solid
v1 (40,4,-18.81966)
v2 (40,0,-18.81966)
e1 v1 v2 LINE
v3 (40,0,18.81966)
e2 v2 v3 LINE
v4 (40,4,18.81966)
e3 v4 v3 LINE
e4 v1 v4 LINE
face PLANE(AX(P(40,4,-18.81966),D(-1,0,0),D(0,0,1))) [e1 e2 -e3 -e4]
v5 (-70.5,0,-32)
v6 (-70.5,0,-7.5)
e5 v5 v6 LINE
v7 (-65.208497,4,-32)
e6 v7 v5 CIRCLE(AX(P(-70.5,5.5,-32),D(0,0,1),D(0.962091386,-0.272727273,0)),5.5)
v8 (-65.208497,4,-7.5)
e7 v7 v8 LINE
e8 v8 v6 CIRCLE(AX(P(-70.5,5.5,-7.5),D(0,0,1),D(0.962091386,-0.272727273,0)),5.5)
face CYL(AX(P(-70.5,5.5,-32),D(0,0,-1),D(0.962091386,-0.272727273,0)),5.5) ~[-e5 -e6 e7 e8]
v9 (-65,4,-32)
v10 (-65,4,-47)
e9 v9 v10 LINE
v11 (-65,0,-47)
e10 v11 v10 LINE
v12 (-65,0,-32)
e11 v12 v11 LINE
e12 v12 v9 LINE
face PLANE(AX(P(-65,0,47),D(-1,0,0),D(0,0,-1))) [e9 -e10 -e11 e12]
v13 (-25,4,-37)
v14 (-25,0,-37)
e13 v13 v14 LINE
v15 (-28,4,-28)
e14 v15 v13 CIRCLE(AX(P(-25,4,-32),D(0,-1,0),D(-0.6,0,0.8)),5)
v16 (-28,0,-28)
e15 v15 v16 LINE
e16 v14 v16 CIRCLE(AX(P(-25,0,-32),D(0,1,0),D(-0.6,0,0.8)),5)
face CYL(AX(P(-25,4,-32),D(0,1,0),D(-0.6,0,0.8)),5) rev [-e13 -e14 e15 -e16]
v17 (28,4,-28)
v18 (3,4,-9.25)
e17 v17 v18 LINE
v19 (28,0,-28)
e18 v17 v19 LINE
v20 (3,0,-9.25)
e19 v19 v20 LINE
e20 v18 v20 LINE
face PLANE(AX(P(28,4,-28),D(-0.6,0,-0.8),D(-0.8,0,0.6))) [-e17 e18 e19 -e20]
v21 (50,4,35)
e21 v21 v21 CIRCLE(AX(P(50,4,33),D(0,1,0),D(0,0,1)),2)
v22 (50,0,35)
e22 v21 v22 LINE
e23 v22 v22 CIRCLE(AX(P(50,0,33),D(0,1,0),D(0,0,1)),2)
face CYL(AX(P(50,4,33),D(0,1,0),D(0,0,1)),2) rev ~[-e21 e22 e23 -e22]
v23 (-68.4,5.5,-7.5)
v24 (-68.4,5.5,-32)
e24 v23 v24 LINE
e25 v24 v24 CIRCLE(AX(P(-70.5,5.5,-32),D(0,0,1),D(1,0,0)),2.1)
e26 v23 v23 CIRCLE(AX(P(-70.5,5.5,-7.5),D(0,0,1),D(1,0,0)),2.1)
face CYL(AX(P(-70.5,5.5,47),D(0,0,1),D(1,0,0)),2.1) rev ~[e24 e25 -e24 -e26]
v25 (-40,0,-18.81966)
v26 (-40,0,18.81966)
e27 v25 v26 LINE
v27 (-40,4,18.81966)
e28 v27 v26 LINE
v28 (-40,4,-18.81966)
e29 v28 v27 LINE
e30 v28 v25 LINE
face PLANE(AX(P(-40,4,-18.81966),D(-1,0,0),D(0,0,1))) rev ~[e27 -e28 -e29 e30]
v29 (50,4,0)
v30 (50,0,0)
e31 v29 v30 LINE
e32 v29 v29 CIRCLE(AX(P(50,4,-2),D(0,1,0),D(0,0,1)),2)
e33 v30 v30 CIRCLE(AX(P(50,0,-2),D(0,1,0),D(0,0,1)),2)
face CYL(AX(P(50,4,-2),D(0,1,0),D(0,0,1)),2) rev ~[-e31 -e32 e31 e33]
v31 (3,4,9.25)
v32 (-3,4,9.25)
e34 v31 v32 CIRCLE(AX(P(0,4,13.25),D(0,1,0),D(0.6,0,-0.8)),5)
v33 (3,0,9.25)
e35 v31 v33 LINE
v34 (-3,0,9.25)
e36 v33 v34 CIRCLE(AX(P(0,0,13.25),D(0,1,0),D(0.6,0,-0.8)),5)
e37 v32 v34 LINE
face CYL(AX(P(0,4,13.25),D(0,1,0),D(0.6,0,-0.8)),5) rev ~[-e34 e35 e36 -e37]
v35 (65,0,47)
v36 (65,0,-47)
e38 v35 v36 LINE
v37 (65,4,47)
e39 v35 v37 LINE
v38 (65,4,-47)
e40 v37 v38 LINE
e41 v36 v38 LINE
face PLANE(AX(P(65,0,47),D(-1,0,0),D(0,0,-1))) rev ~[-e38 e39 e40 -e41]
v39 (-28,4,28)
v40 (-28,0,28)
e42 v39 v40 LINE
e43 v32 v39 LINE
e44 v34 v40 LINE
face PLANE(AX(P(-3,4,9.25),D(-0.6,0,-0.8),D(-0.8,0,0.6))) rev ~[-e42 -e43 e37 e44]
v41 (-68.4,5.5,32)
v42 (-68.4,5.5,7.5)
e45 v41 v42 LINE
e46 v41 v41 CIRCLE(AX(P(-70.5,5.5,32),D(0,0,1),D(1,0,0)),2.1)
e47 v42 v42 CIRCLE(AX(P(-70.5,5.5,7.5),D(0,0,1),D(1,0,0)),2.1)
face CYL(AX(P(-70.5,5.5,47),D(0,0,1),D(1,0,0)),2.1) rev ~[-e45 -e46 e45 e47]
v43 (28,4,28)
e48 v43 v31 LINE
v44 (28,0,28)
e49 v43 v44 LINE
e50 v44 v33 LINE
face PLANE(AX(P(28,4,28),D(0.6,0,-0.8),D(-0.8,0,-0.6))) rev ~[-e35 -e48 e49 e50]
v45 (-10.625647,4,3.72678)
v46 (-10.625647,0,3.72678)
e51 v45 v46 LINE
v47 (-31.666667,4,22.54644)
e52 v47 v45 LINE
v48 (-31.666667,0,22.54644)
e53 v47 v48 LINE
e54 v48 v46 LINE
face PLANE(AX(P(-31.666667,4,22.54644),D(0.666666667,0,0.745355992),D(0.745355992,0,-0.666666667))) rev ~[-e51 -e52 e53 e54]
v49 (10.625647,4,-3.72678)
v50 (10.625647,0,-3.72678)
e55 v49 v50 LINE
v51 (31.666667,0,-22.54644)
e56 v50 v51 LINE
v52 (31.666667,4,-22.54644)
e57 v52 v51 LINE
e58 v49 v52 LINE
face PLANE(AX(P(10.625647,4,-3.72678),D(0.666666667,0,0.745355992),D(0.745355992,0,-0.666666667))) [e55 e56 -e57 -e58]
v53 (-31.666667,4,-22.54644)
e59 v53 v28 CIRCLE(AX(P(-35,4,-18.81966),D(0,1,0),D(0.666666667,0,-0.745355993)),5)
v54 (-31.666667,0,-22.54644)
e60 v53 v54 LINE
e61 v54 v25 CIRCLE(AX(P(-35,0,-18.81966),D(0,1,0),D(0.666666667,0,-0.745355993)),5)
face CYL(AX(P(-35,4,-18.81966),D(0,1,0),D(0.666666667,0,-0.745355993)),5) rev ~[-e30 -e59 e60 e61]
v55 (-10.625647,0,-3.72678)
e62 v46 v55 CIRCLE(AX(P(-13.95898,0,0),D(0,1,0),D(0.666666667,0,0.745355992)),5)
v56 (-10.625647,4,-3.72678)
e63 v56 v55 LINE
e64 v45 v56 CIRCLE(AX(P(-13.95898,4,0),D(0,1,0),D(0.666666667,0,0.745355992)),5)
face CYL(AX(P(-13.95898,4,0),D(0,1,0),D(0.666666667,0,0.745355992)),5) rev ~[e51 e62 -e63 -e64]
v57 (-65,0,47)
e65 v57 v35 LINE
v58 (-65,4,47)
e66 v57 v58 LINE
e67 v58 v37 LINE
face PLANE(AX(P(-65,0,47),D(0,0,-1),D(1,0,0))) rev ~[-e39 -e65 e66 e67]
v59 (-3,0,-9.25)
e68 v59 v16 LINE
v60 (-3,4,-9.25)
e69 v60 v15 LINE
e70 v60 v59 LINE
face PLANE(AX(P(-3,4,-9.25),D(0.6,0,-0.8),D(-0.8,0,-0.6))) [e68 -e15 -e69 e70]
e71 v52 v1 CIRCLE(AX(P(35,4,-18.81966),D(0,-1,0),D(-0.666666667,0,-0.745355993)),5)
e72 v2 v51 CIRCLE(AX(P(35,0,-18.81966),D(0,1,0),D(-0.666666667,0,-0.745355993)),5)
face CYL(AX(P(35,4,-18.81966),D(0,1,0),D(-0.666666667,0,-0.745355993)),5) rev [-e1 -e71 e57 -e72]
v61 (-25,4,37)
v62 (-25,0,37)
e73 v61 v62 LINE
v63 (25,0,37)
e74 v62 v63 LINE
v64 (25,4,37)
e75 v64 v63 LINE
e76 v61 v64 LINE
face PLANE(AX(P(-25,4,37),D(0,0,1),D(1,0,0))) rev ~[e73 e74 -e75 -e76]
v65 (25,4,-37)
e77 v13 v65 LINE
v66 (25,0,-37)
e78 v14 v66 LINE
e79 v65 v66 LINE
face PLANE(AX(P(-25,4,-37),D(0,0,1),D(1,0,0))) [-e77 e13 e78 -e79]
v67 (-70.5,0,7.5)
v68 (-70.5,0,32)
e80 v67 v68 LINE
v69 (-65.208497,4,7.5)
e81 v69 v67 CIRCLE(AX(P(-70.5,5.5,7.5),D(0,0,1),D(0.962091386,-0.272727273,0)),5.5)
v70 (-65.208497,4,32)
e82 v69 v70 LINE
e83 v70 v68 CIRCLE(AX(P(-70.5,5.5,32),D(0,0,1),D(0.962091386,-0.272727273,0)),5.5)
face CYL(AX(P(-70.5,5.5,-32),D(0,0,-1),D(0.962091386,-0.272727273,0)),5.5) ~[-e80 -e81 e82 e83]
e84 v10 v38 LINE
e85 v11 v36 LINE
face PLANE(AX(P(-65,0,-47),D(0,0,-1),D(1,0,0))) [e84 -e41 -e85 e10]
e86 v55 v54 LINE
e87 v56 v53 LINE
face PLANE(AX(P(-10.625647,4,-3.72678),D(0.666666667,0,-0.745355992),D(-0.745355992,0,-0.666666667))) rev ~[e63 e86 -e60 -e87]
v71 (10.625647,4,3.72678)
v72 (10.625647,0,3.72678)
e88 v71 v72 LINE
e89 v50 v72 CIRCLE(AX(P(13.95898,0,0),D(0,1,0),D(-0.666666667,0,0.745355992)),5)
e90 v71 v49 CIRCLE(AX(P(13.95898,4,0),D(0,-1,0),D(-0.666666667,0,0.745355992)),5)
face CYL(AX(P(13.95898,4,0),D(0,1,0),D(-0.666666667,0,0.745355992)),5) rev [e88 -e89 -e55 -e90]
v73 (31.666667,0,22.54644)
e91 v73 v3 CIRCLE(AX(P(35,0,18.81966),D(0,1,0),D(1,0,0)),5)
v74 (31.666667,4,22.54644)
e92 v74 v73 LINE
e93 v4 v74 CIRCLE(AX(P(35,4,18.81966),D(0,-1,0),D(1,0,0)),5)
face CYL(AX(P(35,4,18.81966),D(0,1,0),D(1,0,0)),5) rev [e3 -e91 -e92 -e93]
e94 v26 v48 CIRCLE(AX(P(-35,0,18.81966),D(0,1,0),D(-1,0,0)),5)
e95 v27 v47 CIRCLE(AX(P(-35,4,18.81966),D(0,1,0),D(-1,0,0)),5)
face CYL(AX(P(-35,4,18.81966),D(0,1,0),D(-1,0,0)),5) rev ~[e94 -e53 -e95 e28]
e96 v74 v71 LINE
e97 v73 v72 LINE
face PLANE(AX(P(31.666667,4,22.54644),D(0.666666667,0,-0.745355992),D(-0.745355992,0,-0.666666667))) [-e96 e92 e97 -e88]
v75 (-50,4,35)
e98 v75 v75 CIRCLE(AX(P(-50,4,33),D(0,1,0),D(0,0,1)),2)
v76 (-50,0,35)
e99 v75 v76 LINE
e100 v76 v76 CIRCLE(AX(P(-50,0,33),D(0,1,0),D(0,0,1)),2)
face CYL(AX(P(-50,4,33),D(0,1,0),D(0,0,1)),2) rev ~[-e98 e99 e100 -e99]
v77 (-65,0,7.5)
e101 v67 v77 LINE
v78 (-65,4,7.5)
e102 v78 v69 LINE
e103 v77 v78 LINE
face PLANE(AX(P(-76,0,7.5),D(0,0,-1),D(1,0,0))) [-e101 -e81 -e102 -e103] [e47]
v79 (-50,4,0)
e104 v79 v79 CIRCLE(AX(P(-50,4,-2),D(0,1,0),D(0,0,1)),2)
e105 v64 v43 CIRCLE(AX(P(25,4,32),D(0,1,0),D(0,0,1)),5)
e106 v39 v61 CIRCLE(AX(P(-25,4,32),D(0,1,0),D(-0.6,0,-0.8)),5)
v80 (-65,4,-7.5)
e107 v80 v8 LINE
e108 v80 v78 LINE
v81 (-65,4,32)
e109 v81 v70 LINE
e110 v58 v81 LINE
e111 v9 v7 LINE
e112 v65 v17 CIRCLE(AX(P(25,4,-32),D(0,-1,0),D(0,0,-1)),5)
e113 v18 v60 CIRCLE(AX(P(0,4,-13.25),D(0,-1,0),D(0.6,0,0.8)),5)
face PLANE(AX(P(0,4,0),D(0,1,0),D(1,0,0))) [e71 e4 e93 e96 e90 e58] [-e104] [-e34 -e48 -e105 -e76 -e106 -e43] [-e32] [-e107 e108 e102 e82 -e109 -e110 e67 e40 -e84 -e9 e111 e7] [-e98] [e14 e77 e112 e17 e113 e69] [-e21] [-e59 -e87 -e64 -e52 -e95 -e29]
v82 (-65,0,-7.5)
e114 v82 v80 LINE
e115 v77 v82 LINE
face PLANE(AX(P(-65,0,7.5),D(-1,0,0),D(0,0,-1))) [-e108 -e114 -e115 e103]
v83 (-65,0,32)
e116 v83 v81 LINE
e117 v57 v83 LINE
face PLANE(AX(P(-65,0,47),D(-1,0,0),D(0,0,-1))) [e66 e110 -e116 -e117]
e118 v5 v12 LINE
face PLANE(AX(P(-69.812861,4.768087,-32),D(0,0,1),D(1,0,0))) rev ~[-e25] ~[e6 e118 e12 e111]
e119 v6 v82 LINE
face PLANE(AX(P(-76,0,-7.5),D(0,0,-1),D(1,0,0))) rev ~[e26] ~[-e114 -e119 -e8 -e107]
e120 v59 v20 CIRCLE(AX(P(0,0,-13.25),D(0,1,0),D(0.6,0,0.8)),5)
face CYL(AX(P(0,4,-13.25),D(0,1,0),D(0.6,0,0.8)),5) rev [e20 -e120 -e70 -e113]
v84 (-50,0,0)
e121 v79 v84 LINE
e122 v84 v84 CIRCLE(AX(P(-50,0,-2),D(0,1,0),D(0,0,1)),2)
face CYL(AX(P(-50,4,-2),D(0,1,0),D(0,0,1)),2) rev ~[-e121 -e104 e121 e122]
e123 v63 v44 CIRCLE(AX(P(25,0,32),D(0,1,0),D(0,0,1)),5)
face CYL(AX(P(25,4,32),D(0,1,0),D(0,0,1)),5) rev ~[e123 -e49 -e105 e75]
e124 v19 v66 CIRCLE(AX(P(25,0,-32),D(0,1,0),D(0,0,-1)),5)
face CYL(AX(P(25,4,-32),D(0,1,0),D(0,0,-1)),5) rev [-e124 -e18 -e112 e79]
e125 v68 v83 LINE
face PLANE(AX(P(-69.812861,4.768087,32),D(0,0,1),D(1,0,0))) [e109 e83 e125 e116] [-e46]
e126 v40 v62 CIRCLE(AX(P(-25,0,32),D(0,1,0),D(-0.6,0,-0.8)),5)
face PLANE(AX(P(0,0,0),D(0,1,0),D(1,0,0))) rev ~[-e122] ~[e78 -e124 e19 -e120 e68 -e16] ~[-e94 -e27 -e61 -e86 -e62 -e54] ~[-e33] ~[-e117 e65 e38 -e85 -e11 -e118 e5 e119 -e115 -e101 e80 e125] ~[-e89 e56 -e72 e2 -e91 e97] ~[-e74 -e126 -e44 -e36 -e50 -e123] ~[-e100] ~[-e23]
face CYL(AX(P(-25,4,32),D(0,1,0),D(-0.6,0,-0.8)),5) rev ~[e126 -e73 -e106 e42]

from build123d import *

# Parameters (mm, degrees)
SKETCH_1_W           = 130
SKETCH_1_H           = 94
EXTRUDE_1_DEPTH      = 4
EXTRUDE_2_DEPTH      = 32
EXTRUDE_2_DEPTH_BACK = 32
SKETCH_4_R           = 2.1
CUT_EXTRUDE_1_DEPTH  = 122.379569945
SKETCH_10_W          = 11
SKETCH_10_H          = 15
CUT_EXTRUDE_2_DEPTH  = 24
CUT_EXTRUDE_3_DEPTH  = 10
SKETCH_12_R          = 2
CUT_EXTRUDE_4_DEPTH  = 10


with BuildPart() as part:
    # Эскиз1 → Бобышка-Вытянуть1 (new body)
    with BuildSketch(Plane(origin=(0, 0, 0), x_dir=(1, 0, 0), z_dir=(0, 1, 0))):
        Rectangle(SKETCH_1_W, SKETCH_1_H)
    extrude(amount=EXTRUDE_1_DEPTH)

    # Эскиз2 → Бобышка-Вытянуть2 (add, two sides: drawn at the far end of the back side and taken through both)
    with BuildSketch(Plane.XY.offset(-EXTRUDE_2_DEPTH_BACK)):
        with BuildLine():
            Line((-65, 4), (-65.208497378, 4))
            ThreePointArc((-65.208497378, 4), (-73.81662479, 9.887482194), (-70.5, 0))
            Line((-70.5, 0), (-65, 0))
            Line((-65, 0), (-65, 4))
        make_face()
    extrude(amount=EXTRUDE_2_DEPTH + EXTRUDE_2_DEPTH_BACK)

    # Эскиз4 → Вырез-Вытянуть1 (cut, through all)
    with BuildSketch(Plane.XY.offset(47)):
        with Locations((-70.5, 5.5)):
            Circle(SKETCH_4_R)
    extrude(amount=-CUT_EXTRUDE_1_DEPTH, mode=Mode.SUBTRACT)

    # Эскиз10 → Вырез-Вытянуть2 (cut)
    with BuildSketch(Plane(origin=(0, 0, 0), x_dir=(1, 0, 0), z_dir=(0, 1, 0))):
        with Locations((-70.5, 0)):
            Rectangle(SKETCH_10_W, SKETCH_10_H)
    extrude(amount=CUT_EXTRUDE_2_DEPTH, mode=Mode.SUBTRACT)

    # Эскиз11 → Вырез-Вытянуть3 (cut)
    with BuildSketch(Plane(origin=(0, 4, 0), x_dir=(1, 0, 0), z_dir=(0, 1, 0))):
        with BuildLine():
            Line((-25, 37), (25, 37))
            ThreePointArc((25, 37), (29.74341649, 33.58113883), (28, 28))
            Line((28, 28), (3, 9.25))
            ThreePointArc((3, 9.25), (0, 8.25), (-3, 9.25))
            Line((-3, 9.25), (-28, 28))
            ThreePointArc((-28, 28), (-29.74341649, 33.58113883), (-25, 37))
        make_face()
        with BuildLine():
            Line((-3, -9.25), (-28, -28))
            ThreePointArc((-28, -28), (-29.74341649, -33.58113883), (-25, -37))
            Line((-25, -37), (25, -37))
            ThreePointArc((25, -37), (29.74341649, -33.58113883), (28, -28))
            Line((28, -28), (3, -9.25))
            ThreePointArc((3, -9.25), (0, -8.25), (-3, -9.25))
        make_face()
        with BuildLine():
            Line((-10.625647004, 3.726779962), (-31.666666667, 22.546440075))
            ThreePointArc((-31.666666667, 22.546440075), (-37.041241452, 23.384014758), (-40, 18.819660113))
            Line((-40, 18.819660113), (-40, -18.819660113))
            ThreePointArc((-40, -18.819660113), (-37.041241452, -23.384014758), (-31.666666667, -22.546440075))
            Line((-31.666666667, -22.546440075), (-10.625647004, -3.726779962))
            ThreePointArc((-10.625647004, -3.726779962), (-8.958980338, 0), (-10.625647004, 3.726779962))
        make_face()
        with BuildLine():
            Line((10.625647004, 3.726779962), (31.666666667, 22.546440075))
            ThreePointArc((31.666666667, 22.546440075), (37.041241452, 23.384014758), (40, 18.819660113))
            Line((40, 18.819660113), (40, -18.819660113))
            ThreePointArc((40, -18.819660113), (37.041241452, -23.384014758), (31.666666667, -22.546440075))
            Line((31.666666667, -22.546440075), (10.625647004, -3.726779962))
            ThreePointArc((10.625647004, -3.726779962), (8.958980338, 0), (10.625647004, 3.726779962))
        make_face()
    extrude(amount=-CUT_EXTRUDE_3_DEPTH, mode=Mode.SUBTRACT)

    # Эскиз12 → Вырез-Вытянуть4 (cut)
    with BuildSketch(Plane(origin=(0, 4, 0), x_dir=(1, 0, 0), z_dir=(0, 1, 0))):
        with Locations(Location((-50, 2, 0), (0, 0, 270))):
            Circle(SKETCH_12_R)
        with Locations(Location((50, 2, 0), (0, 0, 270))):
            Circle(SKETCH_12_R)
        with Locations(Location((50, -33, 0), (0, 0, 270))):
            Circle(SKETCH_12_R)
        with Locations(Location((-50, -33, 0), (0, 0, 270))):
            Circle(SKETCH_12_R)
    extrude(amount=-CUT_EXTRUDE_4_DEPTH, mode=Mode.SUBTRACT)


solid = part.part
